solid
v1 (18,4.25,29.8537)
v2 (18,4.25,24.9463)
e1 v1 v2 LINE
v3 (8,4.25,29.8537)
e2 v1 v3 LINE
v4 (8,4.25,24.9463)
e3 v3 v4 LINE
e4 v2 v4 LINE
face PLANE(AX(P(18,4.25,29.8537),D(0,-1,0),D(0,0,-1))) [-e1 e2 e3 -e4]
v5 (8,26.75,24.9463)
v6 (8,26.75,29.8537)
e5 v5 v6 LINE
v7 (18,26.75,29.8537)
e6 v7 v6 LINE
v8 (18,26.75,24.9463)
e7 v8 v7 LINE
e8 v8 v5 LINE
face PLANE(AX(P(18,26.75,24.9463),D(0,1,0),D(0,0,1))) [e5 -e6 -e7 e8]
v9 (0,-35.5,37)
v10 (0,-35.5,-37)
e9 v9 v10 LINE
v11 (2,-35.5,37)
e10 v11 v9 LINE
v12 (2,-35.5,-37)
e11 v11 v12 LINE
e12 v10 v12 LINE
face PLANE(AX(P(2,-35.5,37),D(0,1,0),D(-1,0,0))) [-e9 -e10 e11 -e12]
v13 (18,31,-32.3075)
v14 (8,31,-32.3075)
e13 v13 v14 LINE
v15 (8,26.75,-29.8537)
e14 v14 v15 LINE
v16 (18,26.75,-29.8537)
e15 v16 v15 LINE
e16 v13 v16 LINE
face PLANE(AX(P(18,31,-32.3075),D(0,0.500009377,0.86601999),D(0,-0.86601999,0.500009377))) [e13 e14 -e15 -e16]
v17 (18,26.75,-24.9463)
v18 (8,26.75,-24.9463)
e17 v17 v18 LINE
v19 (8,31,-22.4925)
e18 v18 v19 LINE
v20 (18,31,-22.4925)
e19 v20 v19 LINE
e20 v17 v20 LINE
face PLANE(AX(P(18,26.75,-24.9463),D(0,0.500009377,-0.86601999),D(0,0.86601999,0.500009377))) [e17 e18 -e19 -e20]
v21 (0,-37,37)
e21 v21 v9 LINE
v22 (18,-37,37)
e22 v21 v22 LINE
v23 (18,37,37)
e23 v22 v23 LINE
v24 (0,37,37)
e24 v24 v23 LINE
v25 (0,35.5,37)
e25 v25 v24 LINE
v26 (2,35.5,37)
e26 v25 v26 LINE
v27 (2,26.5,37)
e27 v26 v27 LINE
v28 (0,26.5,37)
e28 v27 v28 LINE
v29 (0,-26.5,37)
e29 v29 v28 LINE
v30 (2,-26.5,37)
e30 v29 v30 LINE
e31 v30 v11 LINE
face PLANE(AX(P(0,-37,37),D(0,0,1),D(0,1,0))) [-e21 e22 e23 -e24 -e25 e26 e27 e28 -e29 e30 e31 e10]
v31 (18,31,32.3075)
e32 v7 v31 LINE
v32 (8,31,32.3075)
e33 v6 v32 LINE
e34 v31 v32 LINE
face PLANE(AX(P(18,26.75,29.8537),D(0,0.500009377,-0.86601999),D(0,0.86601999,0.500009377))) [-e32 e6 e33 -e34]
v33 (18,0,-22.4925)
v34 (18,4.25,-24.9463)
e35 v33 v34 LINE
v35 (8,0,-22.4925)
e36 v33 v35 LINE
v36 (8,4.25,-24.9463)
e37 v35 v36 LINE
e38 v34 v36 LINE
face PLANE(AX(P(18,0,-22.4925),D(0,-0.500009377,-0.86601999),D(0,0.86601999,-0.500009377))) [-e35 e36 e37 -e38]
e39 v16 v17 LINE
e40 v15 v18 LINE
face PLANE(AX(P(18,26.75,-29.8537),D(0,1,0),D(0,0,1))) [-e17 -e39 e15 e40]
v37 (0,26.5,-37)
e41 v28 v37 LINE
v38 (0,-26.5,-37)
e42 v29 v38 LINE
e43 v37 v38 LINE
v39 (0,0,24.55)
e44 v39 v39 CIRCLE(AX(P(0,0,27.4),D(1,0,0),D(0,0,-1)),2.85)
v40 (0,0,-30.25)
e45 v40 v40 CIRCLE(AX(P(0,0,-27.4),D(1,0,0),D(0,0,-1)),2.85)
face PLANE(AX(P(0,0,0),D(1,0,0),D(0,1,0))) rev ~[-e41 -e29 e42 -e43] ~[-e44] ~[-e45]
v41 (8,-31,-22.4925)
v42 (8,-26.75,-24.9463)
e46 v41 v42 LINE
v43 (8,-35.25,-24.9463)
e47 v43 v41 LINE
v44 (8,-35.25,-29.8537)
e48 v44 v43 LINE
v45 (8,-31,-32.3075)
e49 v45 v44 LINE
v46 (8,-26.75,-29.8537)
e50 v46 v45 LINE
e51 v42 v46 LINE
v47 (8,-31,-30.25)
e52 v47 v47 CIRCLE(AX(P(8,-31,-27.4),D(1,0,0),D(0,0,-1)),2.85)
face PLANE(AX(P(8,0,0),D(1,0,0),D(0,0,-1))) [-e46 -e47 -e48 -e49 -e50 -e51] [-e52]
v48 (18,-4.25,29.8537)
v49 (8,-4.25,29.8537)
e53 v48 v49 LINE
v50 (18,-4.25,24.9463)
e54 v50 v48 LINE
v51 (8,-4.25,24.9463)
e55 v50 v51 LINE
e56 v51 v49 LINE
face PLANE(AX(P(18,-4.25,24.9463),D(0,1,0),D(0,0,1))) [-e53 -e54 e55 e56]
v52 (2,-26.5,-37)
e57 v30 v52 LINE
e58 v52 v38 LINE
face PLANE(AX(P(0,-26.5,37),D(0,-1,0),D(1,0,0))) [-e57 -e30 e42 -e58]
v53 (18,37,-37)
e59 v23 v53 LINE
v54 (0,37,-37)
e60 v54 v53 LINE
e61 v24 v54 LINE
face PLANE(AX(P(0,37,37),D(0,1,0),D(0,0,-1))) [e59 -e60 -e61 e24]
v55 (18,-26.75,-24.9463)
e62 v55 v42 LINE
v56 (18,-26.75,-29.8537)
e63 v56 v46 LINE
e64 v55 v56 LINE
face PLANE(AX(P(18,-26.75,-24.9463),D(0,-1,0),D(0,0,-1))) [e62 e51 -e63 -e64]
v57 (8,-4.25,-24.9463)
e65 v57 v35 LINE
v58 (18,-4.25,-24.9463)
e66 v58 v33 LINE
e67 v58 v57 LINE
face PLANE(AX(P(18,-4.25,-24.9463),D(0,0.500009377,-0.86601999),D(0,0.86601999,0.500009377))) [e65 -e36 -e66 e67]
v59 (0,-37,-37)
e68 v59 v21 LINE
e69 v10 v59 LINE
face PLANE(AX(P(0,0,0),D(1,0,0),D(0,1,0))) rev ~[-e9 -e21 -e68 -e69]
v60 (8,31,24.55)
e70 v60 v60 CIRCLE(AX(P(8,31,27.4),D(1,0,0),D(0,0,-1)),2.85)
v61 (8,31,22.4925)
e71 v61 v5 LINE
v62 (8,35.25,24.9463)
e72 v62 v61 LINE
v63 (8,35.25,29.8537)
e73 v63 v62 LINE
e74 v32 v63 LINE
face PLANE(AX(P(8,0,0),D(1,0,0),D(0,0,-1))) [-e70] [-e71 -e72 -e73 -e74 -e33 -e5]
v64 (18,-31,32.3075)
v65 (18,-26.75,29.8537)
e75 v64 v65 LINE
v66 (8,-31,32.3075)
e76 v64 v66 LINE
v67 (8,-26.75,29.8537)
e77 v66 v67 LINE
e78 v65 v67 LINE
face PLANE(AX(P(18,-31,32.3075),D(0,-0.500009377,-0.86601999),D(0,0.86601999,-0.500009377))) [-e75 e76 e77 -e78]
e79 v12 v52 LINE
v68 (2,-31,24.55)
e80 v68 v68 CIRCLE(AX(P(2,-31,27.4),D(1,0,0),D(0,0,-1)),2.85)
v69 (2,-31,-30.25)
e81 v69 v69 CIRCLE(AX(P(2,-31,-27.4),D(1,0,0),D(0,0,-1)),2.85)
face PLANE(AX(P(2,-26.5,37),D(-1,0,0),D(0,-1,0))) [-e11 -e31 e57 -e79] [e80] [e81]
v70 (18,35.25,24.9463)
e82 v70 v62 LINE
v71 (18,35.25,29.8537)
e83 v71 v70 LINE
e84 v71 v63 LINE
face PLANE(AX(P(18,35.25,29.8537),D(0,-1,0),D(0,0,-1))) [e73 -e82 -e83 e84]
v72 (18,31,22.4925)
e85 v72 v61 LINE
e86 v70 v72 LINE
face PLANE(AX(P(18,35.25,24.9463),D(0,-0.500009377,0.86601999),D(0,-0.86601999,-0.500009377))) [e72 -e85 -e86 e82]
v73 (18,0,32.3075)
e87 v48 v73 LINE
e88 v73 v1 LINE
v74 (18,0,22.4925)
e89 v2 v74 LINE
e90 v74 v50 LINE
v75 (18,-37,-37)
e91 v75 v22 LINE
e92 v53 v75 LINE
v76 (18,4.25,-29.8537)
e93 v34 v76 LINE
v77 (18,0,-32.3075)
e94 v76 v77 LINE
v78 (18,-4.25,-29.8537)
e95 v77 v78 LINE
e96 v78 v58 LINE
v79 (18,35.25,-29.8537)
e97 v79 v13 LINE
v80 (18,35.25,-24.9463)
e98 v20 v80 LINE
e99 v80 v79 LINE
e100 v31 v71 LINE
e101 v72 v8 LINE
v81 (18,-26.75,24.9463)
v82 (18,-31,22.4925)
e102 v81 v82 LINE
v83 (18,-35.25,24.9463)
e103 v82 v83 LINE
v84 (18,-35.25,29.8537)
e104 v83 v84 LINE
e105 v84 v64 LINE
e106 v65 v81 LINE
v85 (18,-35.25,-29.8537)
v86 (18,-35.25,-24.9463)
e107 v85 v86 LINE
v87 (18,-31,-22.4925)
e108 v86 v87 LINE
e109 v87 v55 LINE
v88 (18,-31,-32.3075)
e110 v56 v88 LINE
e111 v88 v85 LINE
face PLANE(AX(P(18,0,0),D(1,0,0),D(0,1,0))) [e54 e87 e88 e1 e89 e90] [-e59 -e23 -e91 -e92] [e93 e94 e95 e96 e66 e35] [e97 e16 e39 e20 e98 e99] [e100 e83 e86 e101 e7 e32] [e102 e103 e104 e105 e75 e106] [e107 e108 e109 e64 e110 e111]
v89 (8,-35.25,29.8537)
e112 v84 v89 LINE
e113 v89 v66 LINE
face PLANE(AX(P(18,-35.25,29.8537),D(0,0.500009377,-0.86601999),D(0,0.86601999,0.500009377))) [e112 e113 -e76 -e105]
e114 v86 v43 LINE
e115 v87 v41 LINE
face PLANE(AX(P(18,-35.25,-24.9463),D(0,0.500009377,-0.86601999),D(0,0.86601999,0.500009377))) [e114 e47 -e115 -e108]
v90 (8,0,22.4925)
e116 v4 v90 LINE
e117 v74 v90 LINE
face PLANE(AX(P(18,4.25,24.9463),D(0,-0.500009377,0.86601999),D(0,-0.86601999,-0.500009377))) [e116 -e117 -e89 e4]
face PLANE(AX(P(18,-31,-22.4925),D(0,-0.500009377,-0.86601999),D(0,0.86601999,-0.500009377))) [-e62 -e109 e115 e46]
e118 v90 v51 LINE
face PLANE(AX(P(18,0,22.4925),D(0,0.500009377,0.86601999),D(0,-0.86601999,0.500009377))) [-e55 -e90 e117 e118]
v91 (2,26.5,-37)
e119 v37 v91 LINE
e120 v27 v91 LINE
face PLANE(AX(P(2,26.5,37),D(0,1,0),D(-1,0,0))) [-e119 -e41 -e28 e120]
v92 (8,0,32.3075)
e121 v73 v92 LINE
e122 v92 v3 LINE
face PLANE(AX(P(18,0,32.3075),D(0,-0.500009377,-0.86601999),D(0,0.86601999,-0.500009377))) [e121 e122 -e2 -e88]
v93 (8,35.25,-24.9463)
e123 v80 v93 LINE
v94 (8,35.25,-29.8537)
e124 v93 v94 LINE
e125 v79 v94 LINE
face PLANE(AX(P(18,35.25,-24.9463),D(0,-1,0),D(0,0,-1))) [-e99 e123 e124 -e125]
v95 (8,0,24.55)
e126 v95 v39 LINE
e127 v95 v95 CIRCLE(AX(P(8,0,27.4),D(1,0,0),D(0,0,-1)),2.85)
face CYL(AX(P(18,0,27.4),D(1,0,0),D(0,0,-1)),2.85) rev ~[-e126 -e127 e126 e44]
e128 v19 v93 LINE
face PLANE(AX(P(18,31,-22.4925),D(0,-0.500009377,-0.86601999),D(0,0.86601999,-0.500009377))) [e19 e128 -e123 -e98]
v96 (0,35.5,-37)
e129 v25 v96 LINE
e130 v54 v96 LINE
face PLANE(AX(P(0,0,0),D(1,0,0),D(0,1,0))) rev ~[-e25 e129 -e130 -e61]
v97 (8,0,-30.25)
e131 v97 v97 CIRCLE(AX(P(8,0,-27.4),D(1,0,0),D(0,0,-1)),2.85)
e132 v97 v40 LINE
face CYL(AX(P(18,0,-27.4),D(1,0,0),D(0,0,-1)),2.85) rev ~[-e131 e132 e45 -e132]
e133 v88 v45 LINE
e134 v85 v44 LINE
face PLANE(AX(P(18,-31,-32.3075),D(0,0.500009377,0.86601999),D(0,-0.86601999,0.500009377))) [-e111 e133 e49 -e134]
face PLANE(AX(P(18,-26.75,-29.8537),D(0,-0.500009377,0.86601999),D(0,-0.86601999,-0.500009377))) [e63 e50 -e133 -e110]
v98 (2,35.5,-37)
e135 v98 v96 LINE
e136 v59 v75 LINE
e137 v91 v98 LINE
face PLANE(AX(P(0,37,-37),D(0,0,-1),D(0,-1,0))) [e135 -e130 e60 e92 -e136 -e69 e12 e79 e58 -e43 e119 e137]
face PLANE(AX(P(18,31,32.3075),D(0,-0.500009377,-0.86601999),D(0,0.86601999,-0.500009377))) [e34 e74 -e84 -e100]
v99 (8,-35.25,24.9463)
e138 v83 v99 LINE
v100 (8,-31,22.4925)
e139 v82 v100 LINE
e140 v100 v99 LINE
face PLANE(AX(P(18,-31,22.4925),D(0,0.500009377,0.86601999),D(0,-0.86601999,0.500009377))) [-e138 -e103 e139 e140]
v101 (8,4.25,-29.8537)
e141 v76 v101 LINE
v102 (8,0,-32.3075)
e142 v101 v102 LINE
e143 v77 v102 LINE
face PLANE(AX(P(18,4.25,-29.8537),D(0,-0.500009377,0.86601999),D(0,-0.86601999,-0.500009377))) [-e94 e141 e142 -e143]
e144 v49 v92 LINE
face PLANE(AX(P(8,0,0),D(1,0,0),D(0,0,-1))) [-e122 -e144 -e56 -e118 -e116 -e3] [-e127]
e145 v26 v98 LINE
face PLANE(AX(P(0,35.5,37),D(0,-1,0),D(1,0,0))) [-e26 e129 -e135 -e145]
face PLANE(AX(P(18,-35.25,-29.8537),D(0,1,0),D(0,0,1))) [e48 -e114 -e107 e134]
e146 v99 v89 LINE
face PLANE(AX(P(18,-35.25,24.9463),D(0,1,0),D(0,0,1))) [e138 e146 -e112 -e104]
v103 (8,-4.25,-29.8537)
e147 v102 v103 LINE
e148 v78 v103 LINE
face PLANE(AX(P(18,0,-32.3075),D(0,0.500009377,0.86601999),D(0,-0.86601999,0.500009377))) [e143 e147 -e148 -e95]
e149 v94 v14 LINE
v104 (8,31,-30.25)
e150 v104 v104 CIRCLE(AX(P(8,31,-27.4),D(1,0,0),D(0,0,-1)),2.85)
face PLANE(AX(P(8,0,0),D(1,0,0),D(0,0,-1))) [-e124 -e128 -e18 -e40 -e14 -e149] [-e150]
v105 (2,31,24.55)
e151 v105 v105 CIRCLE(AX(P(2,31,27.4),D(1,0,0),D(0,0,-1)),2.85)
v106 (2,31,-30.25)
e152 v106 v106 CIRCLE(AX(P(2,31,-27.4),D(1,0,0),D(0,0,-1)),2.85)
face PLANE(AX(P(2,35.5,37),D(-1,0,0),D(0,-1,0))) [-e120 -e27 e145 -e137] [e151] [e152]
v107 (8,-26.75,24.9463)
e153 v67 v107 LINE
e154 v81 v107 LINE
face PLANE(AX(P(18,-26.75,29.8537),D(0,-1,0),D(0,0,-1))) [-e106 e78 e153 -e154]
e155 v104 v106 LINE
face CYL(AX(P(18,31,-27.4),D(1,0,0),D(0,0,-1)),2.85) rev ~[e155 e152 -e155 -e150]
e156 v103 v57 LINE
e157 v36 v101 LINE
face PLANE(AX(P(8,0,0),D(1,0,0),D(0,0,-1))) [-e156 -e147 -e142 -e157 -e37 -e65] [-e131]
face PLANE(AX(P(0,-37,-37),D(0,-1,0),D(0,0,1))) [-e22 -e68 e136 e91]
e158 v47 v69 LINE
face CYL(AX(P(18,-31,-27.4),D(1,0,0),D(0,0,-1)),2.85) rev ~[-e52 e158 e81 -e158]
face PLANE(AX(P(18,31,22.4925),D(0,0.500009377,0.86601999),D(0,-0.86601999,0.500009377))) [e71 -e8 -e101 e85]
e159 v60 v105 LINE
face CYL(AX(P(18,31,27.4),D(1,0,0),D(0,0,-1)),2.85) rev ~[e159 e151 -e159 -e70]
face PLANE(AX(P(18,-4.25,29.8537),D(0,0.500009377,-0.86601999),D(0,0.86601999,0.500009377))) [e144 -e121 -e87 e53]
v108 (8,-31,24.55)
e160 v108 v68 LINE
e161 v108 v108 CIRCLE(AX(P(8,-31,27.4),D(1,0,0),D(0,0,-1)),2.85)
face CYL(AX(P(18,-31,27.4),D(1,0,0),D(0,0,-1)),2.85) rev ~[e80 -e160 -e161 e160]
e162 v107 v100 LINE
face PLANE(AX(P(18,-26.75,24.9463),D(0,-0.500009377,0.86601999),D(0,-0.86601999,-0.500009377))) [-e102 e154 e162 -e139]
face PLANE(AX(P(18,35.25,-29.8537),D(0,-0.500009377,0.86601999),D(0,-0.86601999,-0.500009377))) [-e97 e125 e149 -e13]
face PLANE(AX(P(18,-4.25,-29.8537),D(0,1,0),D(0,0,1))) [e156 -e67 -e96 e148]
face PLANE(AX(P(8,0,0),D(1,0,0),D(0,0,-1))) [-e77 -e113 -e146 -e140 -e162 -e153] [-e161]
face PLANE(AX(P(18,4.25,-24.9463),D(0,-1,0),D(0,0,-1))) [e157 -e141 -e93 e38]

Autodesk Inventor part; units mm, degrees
ref_plane "YZ Plane" through (0, 0, 0) normal (1, 0, 0) x (0, 1, 0)
ref_plane "XZ Plane" through (0, 0, 0) normal (0, 1, 0) x (-1, 0, 0)
ref_plane "XY Plane" through (0, 0, 0) normal (0, 0, 1) x (1, 0, 0)
sketch "Szkic1" plane through (0, 0, 0) normal (1, 0, 0) x (0, 1, 0)
  line L0 (-37, 37) -> (37, 37)
  line L1 (37, 37) -> (37, -37)
  line L2 (37, -37) -> (-37, -37)
  line L3 (-37, -37) -> (-37, 37)
  line L4 (-37, 37) -> (37, -37) construction
  line L5 (37, 37) -> (-37, -37) construction
  point P0 (0, 0)
  dimension "d0" = 74
  dimension "d1" = 74
extrude "Wyciągnięcie proste1" add sketch "Szkic1" along normal blind 18
sketch "Szkic2" plane through (18, 0, 0) normal (1, 0, 0) x (0, 0, -1)
  circle A0 centre (-27.4, 31) radius 2.85
  line L0 (37, 37) -> (-37, 37) projected
  line L1 (-37, 37) -> (-37, -37) projected
  circle A1 centre (-27.4, 0) radius 2.85
  circle A2 centre (-27.4, -31) radius 2.85
  circle A3 centre (27.4, 31) radius 2.85
  line L2 (37, -37) -> (37, 37) projected
  circle A4 centre (27.4, 0) radius 2.85
  circle A5 centre (27.4, -31) radius 2.85
  line L3 (-29.8537, 35.25) -> (-24.9463, 35.25)
  line L4 (-24.9463, 35.25) -> (-22.4925, 31)
  line L5 (-22.4925, 31) -> (-24.9463, 26.75)
  line L6 (-24.9463, 26.75) -> (-29.8537, 26.75)
  line L7 (-29.8537, 26.75) -> (-32.3075, 31)
  line L8 (-32.3075, 31) -> (-29.8537, 35.25)
  line L9 (-29.8537, 4.25) -> (-24.9463, 4.25)
  line L10 (-24.9463, 4.25) -> (-22.4925, 0)
  line L11 (-22.4925, 0) -> (-24.9463, -4.25)
  line L12 (-24.9463, -4.25) -> (-29.8537, -4.25)
  line L13 (-29.8537, -4.25) -> (-32.3075, 0)
  line L14 (-32.3075, 0) -> (-29.8537, 4.25)
  line L15 (-29.8537, -26.75) -> (-24.9463, -26.75)
  line L16 (-24.9463, -26.75) -> (-22.4925, -31)
  line L17 (-22.4925, -31) -> (-24.9463, -35.25)
  line L18 (-24.9463, -35.25) -> (-29.8537, -35.25)
  line L19 (-29.8537, -35.25) -> (-32.3075, -31)
  line L20 (-32.3075, -31) -> (-29.8537, -26.75)
  line L21 (29.8537, 35.25) -> (32.3075, 31)
  line L22 (32.3075, 31) -> (29.8537, 26.75)
  line L23 (29.8537, 26.75) -> (24.9463, 26.75)
  line L24 (24.9463, 26.75) -> (22.4925, 31)
  line L25 (22.4925, 31) -> (24.9463, 35.25)
  line L26 (24.9463, 35.25) -> (29.8537, 35.25)
  line L27 (29.8537, 4.25) -> (32.3075, 0)
  line L28 (32.3075, 0) -> (29.8537, -4.25)
  line L29 (29.8537, -4.25) -> (24.9463, -4.25)
  line L30 (24.9463, -4.25) -> (22.4925, 0)
  line L31 (22.4925, 0) -> (24.9463, 4.25)
  line L32 (24.9463, 4.25) -> (29.8537, 4.25)
  line L33 (29.8537, -26.75) -> (32.3075, -31)
  line L34 (32.3075, -31) -> (29.8537, -35.25)
  line L35 (29.8537, -35.25) -> (24.9463, -35.25)
  line L36 (24.9463, -35.25) -> (22.4925, -31)
  line L37 (22.4925, -31) -> (24.9463, -26.75)
  line L38 (24.9463, -26.75) -> (29.8537, -26.75)
  point P0 (0, 0)
  point P1 (27.4, -26.75)
  dimension "d4" = 6
  dimension "d5" = 5.7
  dimension "d6" = 9.6
  dimension "d7" = 31
  dimension "d8" = 31
  dimension "d9" = 5.7
  dimension "d10" = 5.7
  dimension "d11" = 9.6
  dimension "d12" = 5.7
  dimension "d13" = 5.7
  dimension "d14" = 5.7
  dimension "d15" = 8.5
  dimension "d16" = 8.5
  dimension "d17" = 8.5
  dimension "d18" = 8.5
  dimension "d19" = 8.5
  dimension "d20" = 8.5
extrude "Wyciągnięcie proste2" cut sketch "Szkic2" against normal through all contours A0 | A1 | A2 | A3 | A4 | A5
extrude "Wyciągnięcie proste3" cut sketch "Szkic2" against normal blind 10 contours A0 | A1 | A2 | A3 | A4 | A5 | L3 L4 L5 L6 L7 L8 | L9 L10 L11 L12 L13 L14 | L15 L16 L17 L18 L19 L20 | L21 L22 L23 L24 L25 L26 | L27 L28 L29 L30 L31 L32 | L33 L34 L35 L36 L37 L38
sketch "Szkic3" plane through (0, -37, 37) normal (0, 0, 1) x (1, 0, 0)
  line L0 (0, 0) -> (0, 74) projected
  line L1 (0, 72.5) -> (2, 72.5)
  line L2 (2, 72.5) -> (2, 63.5)
  line L3 (2, 63.5) -> (0, 63.5)
  line L4 (0, 63.5) -> (0, 72.5)
  line L5 (0, 74) -> (18, 74) projected
  line L6 (0, 10.5) -> (2, 10.5)
  line L7 (2, 10.5) -> (2, 1.5)
  line L8 (2, 1.5) -> (0, 1.5)
  line L9 (0, 1.5) -> (0, 10.5)
  point P0 (0, 37)
  point P1 (0, 1.5)
  point P2 (0, 63.5)
  dimension "d25" = 1.5
  dimension "d26" = 9
  dimension "d27" = 2
  dimension "d28" = 2
  dimension "d29" = 9
  dimension "d30" = 1.5
extrude "Wyciągnięcie proste4" cut sketch "Szkic3" against normal through all
properties part number "Y_end_cover" material "Tworzywo sztuczne ABS"
